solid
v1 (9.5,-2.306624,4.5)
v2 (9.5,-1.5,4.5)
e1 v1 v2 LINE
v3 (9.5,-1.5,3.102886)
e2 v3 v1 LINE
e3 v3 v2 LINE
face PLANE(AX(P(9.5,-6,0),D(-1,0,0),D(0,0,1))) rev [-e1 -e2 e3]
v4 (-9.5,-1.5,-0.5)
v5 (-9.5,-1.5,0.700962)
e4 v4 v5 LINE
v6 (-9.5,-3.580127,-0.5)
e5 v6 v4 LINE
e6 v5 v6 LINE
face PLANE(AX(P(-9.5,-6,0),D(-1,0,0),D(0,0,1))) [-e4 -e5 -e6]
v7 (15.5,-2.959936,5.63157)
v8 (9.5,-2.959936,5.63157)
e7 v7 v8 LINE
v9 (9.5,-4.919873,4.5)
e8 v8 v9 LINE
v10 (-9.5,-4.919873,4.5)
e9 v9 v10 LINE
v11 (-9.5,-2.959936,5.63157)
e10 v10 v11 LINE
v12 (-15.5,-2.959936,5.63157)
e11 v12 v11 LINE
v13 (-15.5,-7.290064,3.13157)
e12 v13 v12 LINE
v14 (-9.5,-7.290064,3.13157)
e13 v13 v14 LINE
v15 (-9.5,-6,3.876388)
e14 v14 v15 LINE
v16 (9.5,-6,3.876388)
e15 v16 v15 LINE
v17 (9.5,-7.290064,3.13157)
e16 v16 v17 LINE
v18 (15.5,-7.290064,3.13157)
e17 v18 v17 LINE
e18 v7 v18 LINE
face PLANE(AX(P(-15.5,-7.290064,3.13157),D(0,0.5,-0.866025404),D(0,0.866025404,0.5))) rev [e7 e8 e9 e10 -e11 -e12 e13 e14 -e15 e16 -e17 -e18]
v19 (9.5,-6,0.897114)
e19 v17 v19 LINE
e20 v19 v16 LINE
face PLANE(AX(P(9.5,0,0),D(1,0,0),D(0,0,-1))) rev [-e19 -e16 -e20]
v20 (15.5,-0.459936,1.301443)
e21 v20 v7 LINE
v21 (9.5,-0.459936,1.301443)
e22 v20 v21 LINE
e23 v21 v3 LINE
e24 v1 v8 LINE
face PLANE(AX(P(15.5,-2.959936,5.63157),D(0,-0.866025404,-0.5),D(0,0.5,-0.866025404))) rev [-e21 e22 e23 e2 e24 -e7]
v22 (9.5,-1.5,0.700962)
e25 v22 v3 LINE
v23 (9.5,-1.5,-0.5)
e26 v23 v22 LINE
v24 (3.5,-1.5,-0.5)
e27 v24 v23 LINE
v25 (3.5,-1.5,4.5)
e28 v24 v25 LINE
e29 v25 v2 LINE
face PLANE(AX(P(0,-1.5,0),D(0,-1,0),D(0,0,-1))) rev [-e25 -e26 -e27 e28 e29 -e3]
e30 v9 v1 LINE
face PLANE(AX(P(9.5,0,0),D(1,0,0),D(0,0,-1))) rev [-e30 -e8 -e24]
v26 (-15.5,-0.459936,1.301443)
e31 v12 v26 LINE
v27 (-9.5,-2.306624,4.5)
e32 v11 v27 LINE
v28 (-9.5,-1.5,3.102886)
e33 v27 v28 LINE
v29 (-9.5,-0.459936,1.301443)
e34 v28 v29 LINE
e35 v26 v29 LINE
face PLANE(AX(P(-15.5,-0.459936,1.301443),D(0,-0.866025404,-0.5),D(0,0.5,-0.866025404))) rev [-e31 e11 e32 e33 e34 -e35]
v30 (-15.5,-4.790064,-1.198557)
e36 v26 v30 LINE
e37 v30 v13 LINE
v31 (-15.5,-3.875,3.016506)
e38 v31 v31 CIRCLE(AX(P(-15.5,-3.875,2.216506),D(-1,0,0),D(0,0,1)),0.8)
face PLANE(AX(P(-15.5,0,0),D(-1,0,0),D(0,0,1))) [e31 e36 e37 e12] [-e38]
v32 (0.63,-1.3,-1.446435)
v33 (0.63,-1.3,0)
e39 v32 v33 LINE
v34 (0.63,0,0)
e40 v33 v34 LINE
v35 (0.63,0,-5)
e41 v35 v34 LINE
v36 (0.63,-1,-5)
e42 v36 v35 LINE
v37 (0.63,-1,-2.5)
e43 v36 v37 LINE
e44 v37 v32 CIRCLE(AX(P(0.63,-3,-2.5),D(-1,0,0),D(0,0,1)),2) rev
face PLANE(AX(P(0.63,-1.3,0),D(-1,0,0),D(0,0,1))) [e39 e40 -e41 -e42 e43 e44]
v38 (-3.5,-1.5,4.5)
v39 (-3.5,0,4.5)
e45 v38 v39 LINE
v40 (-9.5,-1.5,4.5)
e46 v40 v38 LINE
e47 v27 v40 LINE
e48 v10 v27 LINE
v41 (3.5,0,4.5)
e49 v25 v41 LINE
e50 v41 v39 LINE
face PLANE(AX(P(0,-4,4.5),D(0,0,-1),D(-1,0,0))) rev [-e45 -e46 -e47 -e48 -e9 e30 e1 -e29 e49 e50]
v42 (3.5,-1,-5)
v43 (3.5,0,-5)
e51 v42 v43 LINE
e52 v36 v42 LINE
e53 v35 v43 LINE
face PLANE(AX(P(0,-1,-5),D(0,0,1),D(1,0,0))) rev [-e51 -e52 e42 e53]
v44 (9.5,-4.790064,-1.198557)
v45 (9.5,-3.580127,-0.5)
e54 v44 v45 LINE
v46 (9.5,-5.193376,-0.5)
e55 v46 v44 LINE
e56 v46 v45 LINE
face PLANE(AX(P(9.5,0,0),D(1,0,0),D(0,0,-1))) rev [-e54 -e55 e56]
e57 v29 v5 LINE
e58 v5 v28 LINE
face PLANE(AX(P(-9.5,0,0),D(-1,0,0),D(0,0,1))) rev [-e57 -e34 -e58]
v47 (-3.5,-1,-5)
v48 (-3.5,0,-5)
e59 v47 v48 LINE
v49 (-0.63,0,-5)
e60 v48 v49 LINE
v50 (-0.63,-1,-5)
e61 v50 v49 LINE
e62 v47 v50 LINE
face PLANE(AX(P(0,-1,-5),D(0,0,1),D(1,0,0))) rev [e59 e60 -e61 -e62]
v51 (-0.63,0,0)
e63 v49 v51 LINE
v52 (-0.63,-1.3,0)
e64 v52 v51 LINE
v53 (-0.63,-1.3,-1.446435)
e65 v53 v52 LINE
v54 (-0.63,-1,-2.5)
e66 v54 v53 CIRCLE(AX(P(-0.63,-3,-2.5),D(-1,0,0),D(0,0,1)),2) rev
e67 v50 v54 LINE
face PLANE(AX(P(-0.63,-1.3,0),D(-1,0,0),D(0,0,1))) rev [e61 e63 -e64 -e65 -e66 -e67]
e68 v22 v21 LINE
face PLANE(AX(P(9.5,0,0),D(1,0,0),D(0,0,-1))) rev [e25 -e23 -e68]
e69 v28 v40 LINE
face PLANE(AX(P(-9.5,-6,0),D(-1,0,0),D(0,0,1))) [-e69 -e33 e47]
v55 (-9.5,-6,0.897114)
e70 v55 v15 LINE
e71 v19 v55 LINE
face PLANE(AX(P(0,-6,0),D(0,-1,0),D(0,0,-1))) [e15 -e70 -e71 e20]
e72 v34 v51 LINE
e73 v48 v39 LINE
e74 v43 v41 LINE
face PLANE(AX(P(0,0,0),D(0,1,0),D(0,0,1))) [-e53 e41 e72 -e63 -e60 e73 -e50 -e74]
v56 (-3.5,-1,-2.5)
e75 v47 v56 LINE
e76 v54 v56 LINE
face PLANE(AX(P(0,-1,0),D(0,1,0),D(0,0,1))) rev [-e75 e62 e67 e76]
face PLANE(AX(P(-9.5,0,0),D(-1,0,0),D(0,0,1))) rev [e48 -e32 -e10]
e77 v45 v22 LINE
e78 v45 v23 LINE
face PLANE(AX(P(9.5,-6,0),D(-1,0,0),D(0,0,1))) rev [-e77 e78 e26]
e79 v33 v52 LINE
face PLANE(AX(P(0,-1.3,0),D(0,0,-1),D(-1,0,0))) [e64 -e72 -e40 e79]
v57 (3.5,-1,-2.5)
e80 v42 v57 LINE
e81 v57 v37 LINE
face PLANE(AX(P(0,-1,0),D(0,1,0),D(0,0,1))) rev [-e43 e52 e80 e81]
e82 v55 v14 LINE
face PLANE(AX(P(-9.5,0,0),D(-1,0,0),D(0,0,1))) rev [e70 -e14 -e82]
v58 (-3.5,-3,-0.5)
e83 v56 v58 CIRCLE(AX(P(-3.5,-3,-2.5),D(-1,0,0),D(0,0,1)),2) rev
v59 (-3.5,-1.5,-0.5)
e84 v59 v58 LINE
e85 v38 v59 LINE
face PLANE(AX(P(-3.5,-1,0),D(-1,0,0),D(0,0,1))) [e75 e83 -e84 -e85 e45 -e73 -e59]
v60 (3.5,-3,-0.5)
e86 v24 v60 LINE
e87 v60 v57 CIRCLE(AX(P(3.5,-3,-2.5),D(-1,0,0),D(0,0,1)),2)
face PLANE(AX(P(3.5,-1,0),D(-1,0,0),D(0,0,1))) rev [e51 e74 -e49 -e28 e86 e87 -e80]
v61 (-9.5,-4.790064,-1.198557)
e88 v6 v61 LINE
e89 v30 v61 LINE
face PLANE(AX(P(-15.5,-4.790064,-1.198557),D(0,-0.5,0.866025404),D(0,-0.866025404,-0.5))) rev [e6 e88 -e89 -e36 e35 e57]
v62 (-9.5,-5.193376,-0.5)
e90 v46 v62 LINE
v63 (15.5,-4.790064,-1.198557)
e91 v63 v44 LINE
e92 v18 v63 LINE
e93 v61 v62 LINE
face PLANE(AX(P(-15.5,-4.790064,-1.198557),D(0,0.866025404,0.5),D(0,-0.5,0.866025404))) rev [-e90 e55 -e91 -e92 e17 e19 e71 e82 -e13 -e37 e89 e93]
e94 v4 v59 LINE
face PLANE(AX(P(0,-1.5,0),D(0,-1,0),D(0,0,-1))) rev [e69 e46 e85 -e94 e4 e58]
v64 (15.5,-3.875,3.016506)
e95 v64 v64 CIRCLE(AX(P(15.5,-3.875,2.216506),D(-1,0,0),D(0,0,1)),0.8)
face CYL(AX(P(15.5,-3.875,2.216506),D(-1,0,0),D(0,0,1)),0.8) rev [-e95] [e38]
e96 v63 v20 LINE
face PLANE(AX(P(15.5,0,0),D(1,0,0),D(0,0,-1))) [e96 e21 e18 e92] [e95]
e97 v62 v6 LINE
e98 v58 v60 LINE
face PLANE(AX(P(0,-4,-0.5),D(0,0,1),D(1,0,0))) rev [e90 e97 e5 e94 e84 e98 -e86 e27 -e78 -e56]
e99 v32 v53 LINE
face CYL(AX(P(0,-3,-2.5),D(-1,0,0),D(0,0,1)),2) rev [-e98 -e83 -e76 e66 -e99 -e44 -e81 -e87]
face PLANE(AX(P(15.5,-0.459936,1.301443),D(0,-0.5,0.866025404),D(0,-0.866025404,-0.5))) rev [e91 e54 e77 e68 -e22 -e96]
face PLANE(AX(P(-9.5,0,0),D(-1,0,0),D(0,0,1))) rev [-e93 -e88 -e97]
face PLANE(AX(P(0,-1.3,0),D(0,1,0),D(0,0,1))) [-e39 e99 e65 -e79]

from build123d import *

# Parameters (mm, degrees)
SKETCH_1_W          = 7
SKETCH_1_H          = 4.5
EXTRUDE_1_DEPTH     = 1
SKETCH_1_3_W        = 7
SKETCH_1_3_H        = 5
EXTRUDE_2_DEPTH     = 4
FILLET2_R           = 2
SKETCH_2_W          = 19
SKETCH_2_H          = 5
EXTRUDE_3_DEPTH     = 2
SKETCH_2_4_W        = 19
SKETCH_2_4_H        = 5
EXTRUDE_4_DEPTH     = 2.5
SKETCH_11_W         = 1.26
SKETCH_11_H         = 5
CUT_EXTRUDE_4_DEPTH = 1.3
BOSS_EXTRUDE1_DEPTH = 6
BOSS_EXTRUDE2_DEPTH = 6
SKETCH5_R           = 0.8
CUT_EXTRUDE3_DEPTH  = 33.339752706
CUT_EXTRUDE8_DEPTH  = 27.643190595


with BuildPart() as part:
    # 草图1 → 凸台-拉伸1 (new body)
    with BuildSketch(Plane(origin=(0, 0, 0), x_dir=(1, 0, 0), z_dir=(0, 1, 0))):
        with Locations((0, 2.75)):
            Rectangle(SKETCH_1_W, SKETCH_1_H)
    extrude(amount=-EXTRUDE_1_DEPTH)

    # 草图1<3> → 凸台-拉伸2 (add)
    with BuildSketch(Plane(origin=(0, 0, 0), x_dir=(1, 0, 0), z_dir=(0, 1, 0))):
        with Locations((0, -2)):
            Rectangle(SKETCH_1_3_W, SKETCH_1_3_H)
    extrude(amount=-EXTRUDE_2_DEPTH)

    # Fillet2
    fillet2_edges = [part.edges().sort_by_distance(p)[0] for p in [
        (0, -1, -0.5),
    ]]
    fillet(fillet2_edges, radius=FILLET2_R)

    # 草图2 → 凸台-拉伸3 (add)
    with BuildSketch(Plane.XZ.offset(4)):
        with Locations((0, 2)):
            Rectangle(SKETCH_2_W, SKETCH_2_H)
    extrude(amount=EXTRUDE_3_DEPTH)

    # 草图2<4> → 凸台-拉伸4 (add)
    with BuildSketch(Plane.XZ.offset(4)):
        with Locations((0, 2)):
            Rectangle(SKETCH_2_4_W, SKETCH_2_4_H)
    extrude(amount=-EXTRUDE_4_DEPTH)

    # 草图11 → 切除-拉伸4 (cut)
    with BuildSketch(Plane(origin=(0, 0, 0), x_dir=(1, 0, 0), z_dir=(0, 1, 0))):
        with Locations((0, 2.5)):
            Rectangle(SKETCH_11_W, SKETCH_11_H)
    extrude(amount=-CUT_EXTRUDE_4_DEPTH, mode=Mode.SUBTRACT)

    # Sketch1 → Boss-Extrude1 (add)
    with BuildSketch(Plane.ZY.offset(9.5)):
        Polygon((-1.198557159, -4.790063509), (1.301442841, -0.459936491), (5.63156986, -2.959936491), (3.13156986, -7.290063509), align=None)
    extrude(amount=BOSS_EXTRUDE1_DEPTH)

    # Sketch2 → Boss-Extrude2 (add)
    with BuildSketch(Plane(origin=(9.5, 0, 0), x_dir=(0, 0, -1), z_dir=(1, 0, 0))):
        Polygon((-5.63156986, -2.959936491), (-1.301442841, -0.459936491), (1.198557159, -4.790063509), (-3.13156986, -7.290063509), align=None)
    extrude(amount=BOSS_EXTRUDE2_DEPTH)

    # Sketch5 → Cut-Extrude3 (cut, through all)
    with BuildSketch(Plane.ZY.offset(15.5)):
        with Locations((2.216506351, -3.875)):
            Circle(SKETCH5_R)
    extrude(amount=-CUT_EXTRUDE3_DEPTH, mode=Mode.SUBTRACT)

    # Sketch8 → Cut-Extrude8 (cut, through all)
    with BuildSketch(Plane.ZY.offset(9.5)):
        Polygon((-0.5, -5.193375673), (-0.5, -6), (0.897114317, -6), align=None)
        Polygon((4.5, -4.919872981), (3.876388375, -6), (4.5, -6), align=None)
    extrude(amount=-CUT_EXTRUDE8_DEPTH, mode=Mode.SUBTRACT)


solid = part.part
